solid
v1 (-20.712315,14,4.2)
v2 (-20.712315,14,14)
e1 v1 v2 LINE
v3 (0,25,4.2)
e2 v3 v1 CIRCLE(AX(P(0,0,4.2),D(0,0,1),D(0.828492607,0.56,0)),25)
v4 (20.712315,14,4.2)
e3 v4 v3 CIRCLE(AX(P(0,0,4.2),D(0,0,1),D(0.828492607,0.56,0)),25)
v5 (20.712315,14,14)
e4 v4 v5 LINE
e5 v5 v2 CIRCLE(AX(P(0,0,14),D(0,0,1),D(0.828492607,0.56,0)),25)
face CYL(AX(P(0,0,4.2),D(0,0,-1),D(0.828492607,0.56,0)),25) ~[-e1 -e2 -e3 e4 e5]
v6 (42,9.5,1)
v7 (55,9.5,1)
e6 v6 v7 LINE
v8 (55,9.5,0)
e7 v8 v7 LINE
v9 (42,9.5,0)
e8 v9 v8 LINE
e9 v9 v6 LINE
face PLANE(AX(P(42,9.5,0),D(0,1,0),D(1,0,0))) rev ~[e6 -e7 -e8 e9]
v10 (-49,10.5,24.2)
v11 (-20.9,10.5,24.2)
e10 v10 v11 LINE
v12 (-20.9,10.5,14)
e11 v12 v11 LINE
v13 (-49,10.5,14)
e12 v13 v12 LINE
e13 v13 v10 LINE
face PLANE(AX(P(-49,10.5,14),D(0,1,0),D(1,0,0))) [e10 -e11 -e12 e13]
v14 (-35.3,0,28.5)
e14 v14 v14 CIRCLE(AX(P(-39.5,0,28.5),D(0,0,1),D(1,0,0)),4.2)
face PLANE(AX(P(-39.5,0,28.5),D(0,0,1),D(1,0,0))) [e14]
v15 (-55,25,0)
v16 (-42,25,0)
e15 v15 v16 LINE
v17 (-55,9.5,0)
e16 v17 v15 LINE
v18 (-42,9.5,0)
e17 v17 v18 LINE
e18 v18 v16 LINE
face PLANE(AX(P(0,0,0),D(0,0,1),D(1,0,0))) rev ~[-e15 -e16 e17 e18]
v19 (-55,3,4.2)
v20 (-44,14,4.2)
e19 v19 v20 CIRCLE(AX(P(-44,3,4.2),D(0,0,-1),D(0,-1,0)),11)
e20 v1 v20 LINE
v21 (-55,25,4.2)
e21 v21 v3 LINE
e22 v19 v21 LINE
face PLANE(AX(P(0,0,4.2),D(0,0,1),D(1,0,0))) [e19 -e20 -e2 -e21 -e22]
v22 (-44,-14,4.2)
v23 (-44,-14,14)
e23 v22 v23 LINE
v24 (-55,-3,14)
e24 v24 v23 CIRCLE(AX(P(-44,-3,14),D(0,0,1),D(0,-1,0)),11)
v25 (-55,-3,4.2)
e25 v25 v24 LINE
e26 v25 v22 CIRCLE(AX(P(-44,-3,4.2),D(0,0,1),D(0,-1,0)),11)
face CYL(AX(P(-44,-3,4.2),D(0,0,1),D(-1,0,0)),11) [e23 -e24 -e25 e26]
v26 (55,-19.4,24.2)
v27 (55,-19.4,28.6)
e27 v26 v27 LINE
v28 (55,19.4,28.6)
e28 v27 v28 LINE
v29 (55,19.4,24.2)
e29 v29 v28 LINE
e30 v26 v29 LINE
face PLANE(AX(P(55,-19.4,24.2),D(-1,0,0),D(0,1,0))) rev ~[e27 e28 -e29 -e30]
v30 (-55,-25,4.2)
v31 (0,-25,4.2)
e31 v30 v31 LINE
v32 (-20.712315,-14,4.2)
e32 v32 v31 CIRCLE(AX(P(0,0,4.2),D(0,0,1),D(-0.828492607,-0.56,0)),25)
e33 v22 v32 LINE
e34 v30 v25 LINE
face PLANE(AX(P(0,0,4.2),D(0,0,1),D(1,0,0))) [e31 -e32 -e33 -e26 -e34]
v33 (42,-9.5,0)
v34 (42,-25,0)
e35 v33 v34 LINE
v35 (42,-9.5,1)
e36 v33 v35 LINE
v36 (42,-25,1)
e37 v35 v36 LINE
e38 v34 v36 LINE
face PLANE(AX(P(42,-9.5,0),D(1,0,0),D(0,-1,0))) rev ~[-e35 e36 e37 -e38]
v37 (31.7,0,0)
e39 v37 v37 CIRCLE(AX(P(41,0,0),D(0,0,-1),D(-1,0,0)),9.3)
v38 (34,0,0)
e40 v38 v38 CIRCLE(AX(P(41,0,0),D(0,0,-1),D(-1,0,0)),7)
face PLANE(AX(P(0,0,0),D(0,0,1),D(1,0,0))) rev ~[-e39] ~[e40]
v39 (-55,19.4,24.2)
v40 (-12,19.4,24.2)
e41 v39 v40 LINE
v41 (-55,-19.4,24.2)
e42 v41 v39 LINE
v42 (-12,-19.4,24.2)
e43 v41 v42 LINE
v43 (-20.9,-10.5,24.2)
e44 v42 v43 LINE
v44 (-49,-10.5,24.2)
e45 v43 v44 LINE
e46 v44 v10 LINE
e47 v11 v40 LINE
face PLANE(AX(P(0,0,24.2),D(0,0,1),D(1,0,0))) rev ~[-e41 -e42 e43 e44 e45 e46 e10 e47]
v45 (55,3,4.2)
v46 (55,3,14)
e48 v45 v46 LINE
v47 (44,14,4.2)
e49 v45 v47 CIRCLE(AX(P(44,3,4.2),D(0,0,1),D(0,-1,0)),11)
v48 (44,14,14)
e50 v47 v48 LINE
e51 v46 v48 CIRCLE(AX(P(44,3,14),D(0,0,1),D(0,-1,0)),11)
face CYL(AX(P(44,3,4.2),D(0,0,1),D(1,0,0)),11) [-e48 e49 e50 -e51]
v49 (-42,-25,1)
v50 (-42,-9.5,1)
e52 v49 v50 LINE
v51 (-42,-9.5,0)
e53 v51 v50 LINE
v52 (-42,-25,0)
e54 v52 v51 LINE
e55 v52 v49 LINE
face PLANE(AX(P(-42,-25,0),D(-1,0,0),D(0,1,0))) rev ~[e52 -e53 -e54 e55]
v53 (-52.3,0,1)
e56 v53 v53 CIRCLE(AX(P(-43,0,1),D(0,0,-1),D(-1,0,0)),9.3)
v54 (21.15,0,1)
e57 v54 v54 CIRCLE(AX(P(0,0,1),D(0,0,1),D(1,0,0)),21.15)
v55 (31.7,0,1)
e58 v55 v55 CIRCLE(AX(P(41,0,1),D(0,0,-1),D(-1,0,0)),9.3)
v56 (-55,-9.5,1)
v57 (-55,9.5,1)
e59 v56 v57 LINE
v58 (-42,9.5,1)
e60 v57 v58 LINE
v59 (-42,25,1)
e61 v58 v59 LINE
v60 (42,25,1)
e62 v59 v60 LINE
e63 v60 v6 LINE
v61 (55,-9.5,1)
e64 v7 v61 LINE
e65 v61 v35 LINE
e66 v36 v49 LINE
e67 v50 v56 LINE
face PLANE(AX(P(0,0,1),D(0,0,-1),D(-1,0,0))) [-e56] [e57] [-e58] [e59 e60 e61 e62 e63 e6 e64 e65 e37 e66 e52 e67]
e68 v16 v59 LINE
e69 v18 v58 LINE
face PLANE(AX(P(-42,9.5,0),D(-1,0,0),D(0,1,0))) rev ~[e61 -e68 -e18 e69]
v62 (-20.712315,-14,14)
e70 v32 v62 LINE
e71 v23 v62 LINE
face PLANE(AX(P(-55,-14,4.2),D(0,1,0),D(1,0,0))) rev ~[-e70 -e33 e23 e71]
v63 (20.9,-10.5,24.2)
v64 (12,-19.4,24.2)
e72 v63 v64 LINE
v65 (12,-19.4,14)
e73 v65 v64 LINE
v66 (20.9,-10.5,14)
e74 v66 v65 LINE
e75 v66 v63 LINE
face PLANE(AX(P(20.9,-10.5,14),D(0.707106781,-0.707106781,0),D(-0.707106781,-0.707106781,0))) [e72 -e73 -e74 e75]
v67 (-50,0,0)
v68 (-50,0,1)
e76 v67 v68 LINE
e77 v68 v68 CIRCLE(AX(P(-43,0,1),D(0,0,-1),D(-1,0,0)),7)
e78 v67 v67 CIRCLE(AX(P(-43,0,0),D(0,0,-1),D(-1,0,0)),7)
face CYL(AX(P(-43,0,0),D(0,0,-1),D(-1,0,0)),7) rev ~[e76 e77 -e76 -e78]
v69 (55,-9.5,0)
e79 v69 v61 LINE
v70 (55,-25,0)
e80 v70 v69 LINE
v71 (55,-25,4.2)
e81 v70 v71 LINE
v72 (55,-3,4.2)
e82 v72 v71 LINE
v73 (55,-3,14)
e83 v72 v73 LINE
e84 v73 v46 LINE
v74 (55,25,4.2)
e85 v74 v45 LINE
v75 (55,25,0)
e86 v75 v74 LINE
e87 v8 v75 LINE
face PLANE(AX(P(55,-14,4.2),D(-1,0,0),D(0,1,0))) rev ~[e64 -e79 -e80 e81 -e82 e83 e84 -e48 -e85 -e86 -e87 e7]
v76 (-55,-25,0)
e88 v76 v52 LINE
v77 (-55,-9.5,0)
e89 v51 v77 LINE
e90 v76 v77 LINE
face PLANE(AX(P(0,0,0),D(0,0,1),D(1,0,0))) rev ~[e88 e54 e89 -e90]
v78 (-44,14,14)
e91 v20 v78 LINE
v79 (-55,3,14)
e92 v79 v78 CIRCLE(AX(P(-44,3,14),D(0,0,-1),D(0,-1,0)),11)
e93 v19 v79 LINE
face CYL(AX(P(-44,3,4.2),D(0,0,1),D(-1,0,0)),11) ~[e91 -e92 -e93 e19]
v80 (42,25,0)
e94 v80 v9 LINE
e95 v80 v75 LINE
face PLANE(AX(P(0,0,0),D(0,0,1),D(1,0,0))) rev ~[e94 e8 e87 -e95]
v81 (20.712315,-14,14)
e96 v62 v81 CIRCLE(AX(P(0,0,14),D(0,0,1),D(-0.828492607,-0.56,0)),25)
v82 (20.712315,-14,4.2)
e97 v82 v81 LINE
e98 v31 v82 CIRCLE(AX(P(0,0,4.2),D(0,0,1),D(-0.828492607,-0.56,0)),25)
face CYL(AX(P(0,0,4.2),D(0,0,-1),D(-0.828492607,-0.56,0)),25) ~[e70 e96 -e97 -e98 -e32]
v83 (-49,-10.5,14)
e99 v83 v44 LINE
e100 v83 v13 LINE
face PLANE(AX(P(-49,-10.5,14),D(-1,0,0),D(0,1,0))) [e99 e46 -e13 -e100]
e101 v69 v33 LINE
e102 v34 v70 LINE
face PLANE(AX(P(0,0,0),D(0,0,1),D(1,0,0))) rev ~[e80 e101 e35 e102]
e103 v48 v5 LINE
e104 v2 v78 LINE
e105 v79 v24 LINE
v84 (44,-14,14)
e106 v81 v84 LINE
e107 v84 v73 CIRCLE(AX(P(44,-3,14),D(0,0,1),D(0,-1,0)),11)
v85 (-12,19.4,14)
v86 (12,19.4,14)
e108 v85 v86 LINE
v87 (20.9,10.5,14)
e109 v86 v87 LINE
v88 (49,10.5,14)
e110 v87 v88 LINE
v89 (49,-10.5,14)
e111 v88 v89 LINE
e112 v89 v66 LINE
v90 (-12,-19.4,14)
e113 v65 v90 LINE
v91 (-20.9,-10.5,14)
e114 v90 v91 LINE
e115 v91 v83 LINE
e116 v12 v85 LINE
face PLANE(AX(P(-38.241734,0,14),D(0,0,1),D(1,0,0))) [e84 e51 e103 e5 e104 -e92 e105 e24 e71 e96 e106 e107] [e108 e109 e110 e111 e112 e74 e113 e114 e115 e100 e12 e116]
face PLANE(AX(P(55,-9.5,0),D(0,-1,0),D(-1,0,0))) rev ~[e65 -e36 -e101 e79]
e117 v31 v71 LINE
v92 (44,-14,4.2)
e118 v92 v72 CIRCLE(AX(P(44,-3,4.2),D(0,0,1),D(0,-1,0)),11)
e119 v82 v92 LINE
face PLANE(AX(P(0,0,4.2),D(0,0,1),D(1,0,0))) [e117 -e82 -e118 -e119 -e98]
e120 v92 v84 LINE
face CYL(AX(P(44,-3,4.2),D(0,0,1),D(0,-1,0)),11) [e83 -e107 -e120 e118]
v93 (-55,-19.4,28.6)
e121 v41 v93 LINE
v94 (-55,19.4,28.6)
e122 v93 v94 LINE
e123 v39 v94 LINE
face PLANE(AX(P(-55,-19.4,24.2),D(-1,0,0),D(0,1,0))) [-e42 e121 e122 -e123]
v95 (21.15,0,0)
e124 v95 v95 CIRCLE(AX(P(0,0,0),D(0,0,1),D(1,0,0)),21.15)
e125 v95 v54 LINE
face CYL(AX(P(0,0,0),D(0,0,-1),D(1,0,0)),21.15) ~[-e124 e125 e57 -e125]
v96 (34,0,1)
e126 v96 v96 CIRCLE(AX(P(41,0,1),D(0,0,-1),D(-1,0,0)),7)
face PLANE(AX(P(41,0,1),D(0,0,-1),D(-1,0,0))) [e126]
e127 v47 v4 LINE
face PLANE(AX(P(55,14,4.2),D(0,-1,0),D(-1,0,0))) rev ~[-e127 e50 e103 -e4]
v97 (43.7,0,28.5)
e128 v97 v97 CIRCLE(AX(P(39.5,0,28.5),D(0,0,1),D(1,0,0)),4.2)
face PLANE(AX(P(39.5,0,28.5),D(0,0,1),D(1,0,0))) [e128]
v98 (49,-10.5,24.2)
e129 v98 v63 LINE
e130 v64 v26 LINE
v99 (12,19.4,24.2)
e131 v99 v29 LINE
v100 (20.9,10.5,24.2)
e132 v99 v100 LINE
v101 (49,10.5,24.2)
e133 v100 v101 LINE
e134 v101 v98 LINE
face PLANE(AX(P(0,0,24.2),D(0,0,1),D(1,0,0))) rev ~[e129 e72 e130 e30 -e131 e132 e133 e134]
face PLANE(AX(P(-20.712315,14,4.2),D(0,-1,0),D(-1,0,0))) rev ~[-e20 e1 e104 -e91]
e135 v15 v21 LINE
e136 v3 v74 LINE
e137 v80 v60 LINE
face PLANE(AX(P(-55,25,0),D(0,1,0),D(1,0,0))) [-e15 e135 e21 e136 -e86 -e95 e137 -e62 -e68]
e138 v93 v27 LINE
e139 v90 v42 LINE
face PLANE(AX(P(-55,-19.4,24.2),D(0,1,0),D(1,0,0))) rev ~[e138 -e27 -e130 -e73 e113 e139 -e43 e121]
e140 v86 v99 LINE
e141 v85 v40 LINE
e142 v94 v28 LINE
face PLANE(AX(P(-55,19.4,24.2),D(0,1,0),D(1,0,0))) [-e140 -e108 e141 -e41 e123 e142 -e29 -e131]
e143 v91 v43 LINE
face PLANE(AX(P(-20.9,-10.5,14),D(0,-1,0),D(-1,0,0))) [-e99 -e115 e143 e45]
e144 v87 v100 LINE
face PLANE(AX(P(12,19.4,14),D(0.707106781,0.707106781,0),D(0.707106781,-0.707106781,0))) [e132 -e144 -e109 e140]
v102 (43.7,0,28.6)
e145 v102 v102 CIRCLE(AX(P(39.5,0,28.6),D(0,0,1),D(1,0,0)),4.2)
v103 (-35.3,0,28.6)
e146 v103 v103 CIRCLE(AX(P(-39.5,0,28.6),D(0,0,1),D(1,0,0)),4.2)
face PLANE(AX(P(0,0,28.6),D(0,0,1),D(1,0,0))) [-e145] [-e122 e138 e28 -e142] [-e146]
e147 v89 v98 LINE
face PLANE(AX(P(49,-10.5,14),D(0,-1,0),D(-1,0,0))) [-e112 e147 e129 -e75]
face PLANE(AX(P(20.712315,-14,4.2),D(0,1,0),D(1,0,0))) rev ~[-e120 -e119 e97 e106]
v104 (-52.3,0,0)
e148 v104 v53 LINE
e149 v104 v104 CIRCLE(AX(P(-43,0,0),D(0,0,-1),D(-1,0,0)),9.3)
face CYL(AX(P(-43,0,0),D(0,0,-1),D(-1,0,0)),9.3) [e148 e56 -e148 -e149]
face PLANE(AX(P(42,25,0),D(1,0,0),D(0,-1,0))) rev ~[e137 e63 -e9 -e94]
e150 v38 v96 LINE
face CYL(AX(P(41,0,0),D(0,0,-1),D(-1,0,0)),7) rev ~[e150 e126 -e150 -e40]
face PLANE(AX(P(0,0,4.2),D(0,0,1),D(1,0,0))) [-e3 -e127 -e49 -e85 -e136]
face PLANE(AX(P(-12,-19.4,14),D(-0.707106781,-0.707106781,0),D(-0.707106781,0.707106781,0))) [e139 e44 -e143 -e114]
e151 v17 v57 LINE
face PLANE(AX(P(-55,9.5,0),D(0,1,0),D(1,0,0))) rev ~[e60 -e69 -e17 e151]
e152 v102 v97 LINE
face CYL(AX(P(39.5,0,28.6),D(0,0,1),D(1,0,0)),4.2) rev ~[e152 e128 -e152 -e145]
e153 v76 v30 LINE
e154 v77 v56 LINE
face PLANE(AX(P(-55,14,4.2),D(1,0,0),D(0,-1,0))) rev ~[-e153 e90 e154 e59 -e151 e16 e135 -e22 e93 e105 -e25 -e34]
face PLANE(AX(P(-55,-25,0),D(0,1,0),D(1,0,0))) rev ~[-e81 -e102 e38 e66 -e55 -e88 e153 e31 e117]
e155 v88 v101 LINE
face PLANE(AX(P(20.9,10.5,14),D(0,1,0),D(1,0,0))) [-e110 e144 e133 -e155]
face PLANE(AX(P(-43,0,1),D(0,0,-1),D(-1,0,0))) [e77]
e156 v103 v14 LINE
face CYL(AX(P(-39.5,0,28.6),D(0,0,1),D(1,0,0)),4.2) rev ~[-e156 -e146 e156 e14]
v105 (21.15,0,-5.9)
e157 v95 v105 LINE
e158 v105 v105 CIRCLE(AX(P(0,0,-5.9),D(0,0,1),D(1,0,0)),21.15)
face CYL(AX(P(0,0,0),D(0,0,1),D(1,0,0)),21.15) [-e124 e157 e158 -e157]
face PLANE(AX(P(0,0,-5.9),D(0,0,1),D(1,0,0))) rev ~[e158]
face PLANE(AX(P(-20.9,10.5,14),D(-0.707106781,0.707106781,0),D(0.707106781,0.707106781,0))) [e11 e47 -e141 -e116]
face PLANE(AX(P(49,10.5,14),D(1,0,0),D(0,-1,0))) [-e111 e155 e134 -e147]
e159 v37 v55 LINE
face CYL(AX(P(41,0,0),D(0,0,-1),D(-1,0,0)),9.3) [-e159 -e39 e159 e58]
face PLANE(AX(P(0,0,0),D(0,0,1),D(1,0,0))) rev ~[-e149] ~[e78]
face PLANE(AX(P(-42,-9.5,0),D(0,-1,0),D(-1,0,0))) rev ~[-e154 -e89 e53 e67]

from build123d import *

# Parameters (mm, degrees)
SZKIC1_W                    = 110
SZKIC1_H                    = 50
DODANIE_WYCI_GNI_CIE1_DEPTH = 4.2
SZKIC2_R                    = 21.15
DODANIE_WYCI_GNI_CIE2_DEPTH = 5.9
DODANIE_WYCI_GNI_CIE3_DEPTH = 9.8
ZAOKR_GLENIE1_R             = 11
DODANIE_WYCI_GNI_CIE4_DEPTH = 10.2
SZKIC5_W                    = 110
SZKIC5_H                    = 38.8
DODANIE_WYCI_GNI_CIE5_DEPTH = 4.4
SZKIC6_R                    = 4.2
WYTNIJ_WYCI_GNI_CIE1_DEPTH  = 0.1
SZKIC7_R                    = 9.3
SZKIC7_R_2                  = 7
WYTNIJ_WYCI_GNI_CIE2_DEPTH  = 1


with BuildPart() as part:
    # Szkic1 → Dodanie-wyciągnięcie1 (new body)
    with BuildSketch(Plane.XY):
        Rectangle(SZKIC1_W, SZKIC1_H)
    extrude(amount=DODANIE_WYCI_GNI_CIE1_DEPTH)

    # Szkic2 → Dodanie-wyciągnięcie2 (add)
    with BuildSketch(Plane.XY):
        Circle(SZKIC2_R)
    extrude(amount=-DODANIE_WYCI_GNI_CIE2_DEPTH)

    # Szkic3 → Dodanie-wyciągnięcie3 (add)
    with BuildSketch(Plane.XY.offset(4.2)):
        with BuildLine():
            Line((-55, 14), (-55, -14))
            Line((-55, -14), (-20.712315177, -14))
            ThreePointArc((-20.712315177, -14), (-25, 0), (-20.712315177, 14))
            Line((-20.712315177, 14), (-55, 14))
        make_face()
        with BuildLine():
            ThreePointArc((-20.712315177, 14), (-25, 0), (-20.712315177, -14))
            Line((-20.712315177, -14), (20.712315177, -14))
            ThreePointArc((20.712315177, -14), (23.904056972, -7.32093302), (25, 0))
            ThreePointArc((25, 0), (23.904056972, 7.32093302), (20.712315177, 14))
            Line((20.712315177, 14), (-20.712315177, 14))
        make_face()
        with BuildLine():
            ThreePointArc((20.712315177, 14), (0, 25), (-20.712315177, 14))
            Line((-20.712315177, 14), (20.712315177, 14))
        make_face()
        with BuildLine():
            ThreePointArc((25, 0), (23.904056972, -7.32093302), (20.712315177, -14))
            Line((20.712315177, -14), (55, -14))
            Line((55, -14), (55, 14))
            Line((55, 14), (20.712315177, 14))
            ThreePointArc((20.712315177, 14), (23.904056972, 7.32093302), (25, 0))
        make_face()
        with BuildLine():
            Line((20.712315177, -14), (-20.712315177, -14))
            ThreePointArc((-20.712315177, -14), (0, -25), (20.712315177, -14))
        make_face()
    extrude(amount=DODANIE_WYCI_GNI_CIE3_DEPTH)

    # Zaokrąglenie1
    zaokr_glenie1_edges = [part.edges().sort_by_distance(p)[0] for p in [
        (-55, -14, 9.1),
        (55, -14, 9.1),
        (55, 14, 9.1),
        (-55, 14, 9.1),
    ]]
    fillet(zaokr_glenie1_edges, radius=ZAOKR_GLENIE1_R)

    # Szkic4 → Dodanie-wyciągnięcie4 (add)
    with BuildSketch(Plane.XY.offset(14)):
        Polygon((12, 19.4), (20.9, 10.5), (49, 10.5), (49, -10.5), (20.9, -10.5), (12, -19.4), (-12, -19.4), (-20.9, -10.5), (-49, -10.5), (-49, 10.5), (-20.9, 10.5), (-12, 19.4), align=None)
    extrude(amount=DODANIE_WYCI_GNI_CIE4_DEPTH)

    # Szkic5 → Dodanie-wyciągnięcie5 (add)
    with BuildSketch(Plane.XY.offset(24.2)):
        Rectangle(SZKIC5_W, SZKIC5_H)
    extrude(amount=DODANIE_WYCI_GNI_CIE5_DEPTH)

    # Szkic6 → Wytnij-wyciągnięcie1 (cut)
    with BuildSketch(Plane.XY.offset(28.6)):
        with Locations((-39.5, 0)):
            Circle(SZKIC6_R)
        with Locations((39.5, 0)):
            Circle(SZKIC6_R)
    extrude(amount=-WYTNIJ_WYCI_GNI_CIE1_DEPTH, mode=Mode.SUBTRACT)

    # Szkic7 → Wytnij-wyciągnięcie2 (cut)
    with BuildSketch(Plane(origin=(0, 0, 0), x_dir=(-1, 0, 0), z_dir=(0, 0, -1))):
        Polygon((42, 9.5), (42, 25), (-42, 25), (-42, 9.5), (-55, 9.5), (-55, -9.5), (-42, -9.5), (-42, -25), (42, -25), (42, -9.5), (55, -9.5), (55, 9.5), align=None)
        with Locations((-41, 0)):
            Circle(SZKIC7_R, mode=Mode.SUBTRACT)
        with BuildLine():
            ThreePointArc((21.15, 0), (0, -21.15), (-21.15, 0))
            ThreePointArc((-21.15, 0), (0, 21.15), (21.15, 0))
        make_face(mode=Mode.SUBTRACT)
        with Locations((43, 0)):
            Circle(SZKIC7_R, mode=Mode.SUBTRACT)
        with Locations((43, 0)):
            Circle(SZKIC7_R_2)
        with Locations((-41, 0)):
            Circle(SZKIC7_R_2)
    extrude(amount=-WYTNIJ_WYCI_GNI_CIE2_DEPTH, mode=Mode.SUBTRACT)


solid = part.part
